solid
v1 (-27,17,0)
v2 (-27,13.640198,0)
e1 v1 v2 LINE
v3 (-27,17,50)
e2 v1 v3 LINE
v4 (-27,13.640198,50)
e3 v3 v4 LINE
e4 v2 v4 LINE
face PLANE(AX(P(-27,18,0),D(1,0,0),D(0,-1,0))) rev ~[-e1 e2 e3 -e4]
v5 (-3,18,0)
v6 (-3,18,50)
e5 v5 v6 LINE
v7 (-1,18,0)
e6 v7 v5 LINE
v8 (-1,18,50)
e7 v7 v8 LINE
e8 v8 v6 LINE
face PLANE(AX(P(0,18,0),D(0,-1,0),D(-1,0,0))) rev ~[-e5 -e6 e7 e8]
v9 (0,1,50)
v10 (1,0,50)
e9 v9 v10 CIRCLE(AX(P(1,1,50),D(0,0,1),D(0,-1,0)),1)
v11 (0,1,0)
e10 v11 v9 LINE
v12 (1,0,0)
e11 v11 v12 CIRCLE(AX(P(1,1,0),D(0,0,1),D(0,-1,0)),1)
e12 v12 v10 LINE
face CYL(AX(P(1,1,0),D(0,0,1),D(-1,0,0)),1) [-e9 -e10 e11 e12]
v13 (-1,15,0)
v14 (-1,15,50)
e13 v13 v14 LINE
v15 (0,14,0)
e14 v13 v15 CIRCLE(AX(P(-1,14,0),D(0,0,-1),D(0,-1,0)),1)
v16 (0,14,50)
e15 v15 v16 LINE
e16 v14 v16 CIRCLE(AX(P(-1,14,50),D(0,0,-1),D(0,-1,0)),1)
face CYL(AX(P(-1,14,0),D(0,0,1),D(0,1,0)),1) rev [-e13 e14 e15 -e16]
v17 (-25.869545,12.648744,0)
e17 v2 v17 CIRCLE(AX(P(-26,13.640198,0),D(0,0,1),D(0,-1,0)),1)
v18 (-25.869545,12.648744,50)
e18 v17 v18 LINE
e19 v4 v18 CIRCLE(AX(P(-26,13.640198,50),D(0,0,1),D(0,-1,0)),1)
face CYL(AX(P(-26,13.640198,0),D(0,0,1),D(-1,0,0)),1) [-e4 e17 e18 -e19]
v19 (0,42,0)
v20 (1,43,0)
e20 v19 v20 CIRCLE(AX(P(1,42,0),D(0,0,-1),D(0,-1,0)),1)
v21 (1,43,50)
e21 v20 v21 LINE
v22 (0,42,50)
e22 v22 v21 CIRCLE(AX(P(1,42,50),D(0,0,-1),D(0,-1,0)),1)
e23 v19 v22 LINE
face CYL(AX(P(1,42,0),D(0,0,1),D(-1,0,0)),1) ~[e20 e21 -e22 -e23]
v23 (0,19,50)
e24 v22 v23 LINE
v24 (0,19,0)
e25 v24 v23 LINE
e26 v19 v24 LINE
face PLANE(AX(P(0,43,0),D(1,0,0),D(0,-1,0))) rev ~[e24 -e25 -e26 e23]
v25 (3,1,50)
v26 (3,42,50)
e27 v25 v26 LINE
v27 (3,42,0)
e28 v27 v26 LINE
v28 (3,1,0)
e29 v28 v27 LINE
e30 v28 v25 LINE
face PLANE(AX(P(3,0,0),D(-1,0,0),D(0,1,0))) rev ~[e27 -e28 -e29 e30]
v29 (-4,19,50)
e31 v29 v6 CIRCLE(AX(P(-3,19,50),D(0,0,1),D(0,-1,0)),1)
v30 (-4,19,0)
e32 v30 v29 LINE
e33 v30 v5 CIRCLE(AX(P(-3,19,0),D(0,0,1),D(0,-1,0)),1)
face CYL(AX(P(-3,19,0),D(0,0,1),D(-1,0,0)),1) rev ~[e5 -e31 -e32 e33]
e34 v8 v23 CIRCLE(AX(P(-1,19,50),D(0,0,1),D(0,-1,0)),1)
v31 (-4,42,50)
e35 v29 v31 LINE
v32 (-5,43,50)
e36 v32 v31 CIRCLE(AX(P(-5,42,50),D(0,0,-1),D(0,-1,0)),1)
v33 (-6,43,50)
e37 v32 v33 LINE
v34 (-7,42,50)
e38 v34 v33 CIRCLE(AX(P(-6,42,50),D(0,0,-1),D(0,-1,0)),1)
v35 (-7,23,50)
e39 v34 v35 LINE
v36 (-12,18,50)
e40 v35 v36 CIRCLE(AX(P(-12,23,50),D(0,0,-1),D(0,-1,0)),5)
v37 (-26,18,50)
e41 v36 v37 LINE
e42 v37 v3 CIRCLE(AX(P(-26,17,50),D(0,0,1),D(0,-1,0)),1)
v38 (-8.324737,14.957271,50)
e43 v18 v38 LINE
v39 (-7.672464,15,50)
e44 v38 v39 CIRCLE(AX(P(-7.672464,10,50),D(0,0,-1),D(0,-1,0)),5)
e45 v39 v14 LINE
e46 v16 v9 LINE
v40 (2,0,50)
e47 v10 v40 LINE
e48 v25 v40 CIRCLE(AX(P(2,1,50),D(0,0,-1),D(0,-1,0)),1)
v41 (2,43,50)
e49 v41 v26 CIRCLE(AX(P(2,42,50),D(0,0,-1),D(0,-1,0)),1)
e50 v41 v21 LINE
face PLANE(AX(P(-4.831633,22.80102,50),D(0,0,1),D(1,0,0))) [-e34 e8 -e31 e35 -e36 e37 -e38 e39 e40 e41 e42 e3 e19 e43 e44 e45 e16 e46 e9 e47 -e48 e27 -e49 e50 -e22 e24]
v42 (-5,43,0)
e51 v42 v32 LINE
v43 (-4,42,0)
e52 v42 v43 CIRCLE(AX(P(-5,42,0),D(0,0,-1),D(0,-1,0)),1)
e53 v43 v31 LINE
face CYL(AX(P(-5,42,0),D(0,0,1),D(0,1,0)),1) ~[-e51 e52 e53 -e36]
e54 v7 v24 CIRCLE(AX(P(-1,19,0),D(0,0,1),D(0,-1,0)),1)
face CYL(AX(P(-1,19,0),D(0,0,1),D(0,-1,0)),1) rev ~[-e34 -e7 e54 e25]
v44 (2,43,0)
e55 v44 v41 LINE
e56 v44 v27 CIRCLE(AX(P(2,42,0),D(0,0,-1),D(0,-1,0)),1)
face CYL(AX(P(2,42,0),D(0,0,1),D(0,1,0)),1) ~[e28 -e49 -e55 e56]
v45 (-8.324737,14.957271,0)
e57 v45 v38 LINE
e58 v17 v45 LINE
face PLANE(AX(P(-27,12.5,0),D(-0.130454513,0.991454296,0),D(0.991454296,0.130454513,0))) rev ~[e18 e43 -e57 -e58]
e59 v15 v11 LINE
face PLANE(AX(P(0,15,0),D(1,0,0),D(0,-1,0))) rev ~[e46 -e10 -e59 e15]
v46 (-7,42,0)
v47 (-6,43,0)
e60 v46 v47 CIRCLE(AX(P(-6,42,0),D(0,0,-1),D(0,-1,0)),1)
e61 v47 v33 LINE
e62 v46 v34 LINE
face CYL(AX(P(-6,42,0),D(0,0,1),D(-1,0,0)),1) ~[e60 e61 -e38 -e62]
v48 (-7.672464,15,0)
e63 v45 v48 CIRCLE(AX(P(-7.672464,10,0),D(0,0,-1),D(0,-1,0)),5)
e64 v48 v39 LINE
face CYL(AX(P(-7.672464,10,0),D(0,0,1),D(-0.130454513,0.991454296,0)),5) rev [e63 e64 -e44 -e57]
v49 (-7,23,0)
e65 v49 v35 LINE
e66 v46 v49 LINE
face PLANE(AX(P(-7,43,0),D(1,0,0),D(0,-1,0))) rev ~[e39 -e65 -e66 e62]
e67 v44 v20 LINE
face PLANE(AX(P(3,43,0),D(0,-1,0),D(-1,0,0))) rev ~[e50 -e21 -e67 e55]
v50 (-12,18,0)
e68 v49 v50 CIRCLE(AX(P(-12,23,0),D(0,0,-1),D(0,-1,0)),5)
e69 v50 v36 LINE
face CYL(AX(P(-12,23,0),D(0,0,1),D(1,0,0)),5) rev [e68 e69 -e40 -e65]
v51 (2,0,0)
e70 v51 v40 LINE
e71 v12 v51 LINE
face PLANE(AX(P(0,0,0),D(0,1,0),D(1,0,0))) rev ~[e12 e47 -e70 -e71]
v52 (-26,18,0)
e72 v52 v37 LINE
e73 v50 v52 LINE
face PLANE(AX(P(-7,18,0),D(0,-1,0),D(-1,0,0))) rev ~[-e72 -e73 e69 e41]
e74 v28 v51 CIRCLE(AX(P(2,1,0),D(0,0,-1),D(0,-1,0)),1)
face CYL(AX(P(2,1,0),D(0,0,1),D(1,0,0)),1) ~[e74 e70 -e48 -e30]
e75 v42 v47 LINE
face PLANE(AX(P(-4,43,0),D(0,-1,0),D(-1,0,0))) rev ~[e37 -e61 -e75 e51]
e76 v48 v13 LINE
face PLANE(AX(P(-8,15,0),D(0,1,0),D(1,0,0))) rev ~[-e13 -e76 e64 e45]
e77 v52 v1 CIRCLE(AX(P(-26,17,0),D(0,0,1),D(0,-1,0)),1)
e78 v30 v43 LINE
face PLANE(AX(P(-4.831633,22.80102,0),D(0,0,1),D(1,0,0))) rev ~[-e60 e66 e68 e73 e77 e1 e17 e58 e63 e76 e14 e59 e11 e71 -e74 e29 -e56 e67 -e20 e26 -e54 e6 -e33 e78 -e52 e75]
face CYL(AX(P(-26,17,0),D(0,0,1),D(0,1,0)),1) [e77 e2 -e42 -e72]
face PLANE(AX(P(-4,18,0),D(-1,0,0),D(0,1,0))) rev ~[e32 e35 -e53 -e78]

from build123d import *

# Parameters (mm, degrees)
F1_DEPTH = 50
F2_R     = 5
F3_R     = 1


with BuildPart() as f1:
    # F0 (on Top) → F1 (new body)
    with BuildSketch(Plane.XY):
        Polygon((0, 15), (0, 0), (3, 0), (3, 43), (0, 43), (0, 18), (-4, 18), (-4, 43), (-7, 43), (-7, 18), (-27, 18), (-27, 15), (-8, 15), align=None)
        Polygon((-27, 12.5), (-8, 15), (-27, 15), align=None)
    extrude(amount=F1_DEPTH)

    # F2
    f2_edges = [f1.edges().sort_by_distance(p)[0] for p in [
        (-8, 15, 25),
        (-7, 18, 25),
    ]]
    fillet(f2_edges, radius=F2_R)

    # F3
    f3_edges = [f1.edges().sort_by_distance(p)[0] for p in [
        (-7, 43, 25),
        (-4, 43, 25),
        (0, 43, 25),
        (3, 43, 25),
        (0, 0, 25),
        (3, 0, 25),
        (0, 15, 25),
        (-4, 18, 25),
        (0, 18, 25),
        (-27, 12.5, 25),
        (-27, 18, 25),
    ]]
    fillet(f3_edges, radius=F3_R)


solid = f1.part
